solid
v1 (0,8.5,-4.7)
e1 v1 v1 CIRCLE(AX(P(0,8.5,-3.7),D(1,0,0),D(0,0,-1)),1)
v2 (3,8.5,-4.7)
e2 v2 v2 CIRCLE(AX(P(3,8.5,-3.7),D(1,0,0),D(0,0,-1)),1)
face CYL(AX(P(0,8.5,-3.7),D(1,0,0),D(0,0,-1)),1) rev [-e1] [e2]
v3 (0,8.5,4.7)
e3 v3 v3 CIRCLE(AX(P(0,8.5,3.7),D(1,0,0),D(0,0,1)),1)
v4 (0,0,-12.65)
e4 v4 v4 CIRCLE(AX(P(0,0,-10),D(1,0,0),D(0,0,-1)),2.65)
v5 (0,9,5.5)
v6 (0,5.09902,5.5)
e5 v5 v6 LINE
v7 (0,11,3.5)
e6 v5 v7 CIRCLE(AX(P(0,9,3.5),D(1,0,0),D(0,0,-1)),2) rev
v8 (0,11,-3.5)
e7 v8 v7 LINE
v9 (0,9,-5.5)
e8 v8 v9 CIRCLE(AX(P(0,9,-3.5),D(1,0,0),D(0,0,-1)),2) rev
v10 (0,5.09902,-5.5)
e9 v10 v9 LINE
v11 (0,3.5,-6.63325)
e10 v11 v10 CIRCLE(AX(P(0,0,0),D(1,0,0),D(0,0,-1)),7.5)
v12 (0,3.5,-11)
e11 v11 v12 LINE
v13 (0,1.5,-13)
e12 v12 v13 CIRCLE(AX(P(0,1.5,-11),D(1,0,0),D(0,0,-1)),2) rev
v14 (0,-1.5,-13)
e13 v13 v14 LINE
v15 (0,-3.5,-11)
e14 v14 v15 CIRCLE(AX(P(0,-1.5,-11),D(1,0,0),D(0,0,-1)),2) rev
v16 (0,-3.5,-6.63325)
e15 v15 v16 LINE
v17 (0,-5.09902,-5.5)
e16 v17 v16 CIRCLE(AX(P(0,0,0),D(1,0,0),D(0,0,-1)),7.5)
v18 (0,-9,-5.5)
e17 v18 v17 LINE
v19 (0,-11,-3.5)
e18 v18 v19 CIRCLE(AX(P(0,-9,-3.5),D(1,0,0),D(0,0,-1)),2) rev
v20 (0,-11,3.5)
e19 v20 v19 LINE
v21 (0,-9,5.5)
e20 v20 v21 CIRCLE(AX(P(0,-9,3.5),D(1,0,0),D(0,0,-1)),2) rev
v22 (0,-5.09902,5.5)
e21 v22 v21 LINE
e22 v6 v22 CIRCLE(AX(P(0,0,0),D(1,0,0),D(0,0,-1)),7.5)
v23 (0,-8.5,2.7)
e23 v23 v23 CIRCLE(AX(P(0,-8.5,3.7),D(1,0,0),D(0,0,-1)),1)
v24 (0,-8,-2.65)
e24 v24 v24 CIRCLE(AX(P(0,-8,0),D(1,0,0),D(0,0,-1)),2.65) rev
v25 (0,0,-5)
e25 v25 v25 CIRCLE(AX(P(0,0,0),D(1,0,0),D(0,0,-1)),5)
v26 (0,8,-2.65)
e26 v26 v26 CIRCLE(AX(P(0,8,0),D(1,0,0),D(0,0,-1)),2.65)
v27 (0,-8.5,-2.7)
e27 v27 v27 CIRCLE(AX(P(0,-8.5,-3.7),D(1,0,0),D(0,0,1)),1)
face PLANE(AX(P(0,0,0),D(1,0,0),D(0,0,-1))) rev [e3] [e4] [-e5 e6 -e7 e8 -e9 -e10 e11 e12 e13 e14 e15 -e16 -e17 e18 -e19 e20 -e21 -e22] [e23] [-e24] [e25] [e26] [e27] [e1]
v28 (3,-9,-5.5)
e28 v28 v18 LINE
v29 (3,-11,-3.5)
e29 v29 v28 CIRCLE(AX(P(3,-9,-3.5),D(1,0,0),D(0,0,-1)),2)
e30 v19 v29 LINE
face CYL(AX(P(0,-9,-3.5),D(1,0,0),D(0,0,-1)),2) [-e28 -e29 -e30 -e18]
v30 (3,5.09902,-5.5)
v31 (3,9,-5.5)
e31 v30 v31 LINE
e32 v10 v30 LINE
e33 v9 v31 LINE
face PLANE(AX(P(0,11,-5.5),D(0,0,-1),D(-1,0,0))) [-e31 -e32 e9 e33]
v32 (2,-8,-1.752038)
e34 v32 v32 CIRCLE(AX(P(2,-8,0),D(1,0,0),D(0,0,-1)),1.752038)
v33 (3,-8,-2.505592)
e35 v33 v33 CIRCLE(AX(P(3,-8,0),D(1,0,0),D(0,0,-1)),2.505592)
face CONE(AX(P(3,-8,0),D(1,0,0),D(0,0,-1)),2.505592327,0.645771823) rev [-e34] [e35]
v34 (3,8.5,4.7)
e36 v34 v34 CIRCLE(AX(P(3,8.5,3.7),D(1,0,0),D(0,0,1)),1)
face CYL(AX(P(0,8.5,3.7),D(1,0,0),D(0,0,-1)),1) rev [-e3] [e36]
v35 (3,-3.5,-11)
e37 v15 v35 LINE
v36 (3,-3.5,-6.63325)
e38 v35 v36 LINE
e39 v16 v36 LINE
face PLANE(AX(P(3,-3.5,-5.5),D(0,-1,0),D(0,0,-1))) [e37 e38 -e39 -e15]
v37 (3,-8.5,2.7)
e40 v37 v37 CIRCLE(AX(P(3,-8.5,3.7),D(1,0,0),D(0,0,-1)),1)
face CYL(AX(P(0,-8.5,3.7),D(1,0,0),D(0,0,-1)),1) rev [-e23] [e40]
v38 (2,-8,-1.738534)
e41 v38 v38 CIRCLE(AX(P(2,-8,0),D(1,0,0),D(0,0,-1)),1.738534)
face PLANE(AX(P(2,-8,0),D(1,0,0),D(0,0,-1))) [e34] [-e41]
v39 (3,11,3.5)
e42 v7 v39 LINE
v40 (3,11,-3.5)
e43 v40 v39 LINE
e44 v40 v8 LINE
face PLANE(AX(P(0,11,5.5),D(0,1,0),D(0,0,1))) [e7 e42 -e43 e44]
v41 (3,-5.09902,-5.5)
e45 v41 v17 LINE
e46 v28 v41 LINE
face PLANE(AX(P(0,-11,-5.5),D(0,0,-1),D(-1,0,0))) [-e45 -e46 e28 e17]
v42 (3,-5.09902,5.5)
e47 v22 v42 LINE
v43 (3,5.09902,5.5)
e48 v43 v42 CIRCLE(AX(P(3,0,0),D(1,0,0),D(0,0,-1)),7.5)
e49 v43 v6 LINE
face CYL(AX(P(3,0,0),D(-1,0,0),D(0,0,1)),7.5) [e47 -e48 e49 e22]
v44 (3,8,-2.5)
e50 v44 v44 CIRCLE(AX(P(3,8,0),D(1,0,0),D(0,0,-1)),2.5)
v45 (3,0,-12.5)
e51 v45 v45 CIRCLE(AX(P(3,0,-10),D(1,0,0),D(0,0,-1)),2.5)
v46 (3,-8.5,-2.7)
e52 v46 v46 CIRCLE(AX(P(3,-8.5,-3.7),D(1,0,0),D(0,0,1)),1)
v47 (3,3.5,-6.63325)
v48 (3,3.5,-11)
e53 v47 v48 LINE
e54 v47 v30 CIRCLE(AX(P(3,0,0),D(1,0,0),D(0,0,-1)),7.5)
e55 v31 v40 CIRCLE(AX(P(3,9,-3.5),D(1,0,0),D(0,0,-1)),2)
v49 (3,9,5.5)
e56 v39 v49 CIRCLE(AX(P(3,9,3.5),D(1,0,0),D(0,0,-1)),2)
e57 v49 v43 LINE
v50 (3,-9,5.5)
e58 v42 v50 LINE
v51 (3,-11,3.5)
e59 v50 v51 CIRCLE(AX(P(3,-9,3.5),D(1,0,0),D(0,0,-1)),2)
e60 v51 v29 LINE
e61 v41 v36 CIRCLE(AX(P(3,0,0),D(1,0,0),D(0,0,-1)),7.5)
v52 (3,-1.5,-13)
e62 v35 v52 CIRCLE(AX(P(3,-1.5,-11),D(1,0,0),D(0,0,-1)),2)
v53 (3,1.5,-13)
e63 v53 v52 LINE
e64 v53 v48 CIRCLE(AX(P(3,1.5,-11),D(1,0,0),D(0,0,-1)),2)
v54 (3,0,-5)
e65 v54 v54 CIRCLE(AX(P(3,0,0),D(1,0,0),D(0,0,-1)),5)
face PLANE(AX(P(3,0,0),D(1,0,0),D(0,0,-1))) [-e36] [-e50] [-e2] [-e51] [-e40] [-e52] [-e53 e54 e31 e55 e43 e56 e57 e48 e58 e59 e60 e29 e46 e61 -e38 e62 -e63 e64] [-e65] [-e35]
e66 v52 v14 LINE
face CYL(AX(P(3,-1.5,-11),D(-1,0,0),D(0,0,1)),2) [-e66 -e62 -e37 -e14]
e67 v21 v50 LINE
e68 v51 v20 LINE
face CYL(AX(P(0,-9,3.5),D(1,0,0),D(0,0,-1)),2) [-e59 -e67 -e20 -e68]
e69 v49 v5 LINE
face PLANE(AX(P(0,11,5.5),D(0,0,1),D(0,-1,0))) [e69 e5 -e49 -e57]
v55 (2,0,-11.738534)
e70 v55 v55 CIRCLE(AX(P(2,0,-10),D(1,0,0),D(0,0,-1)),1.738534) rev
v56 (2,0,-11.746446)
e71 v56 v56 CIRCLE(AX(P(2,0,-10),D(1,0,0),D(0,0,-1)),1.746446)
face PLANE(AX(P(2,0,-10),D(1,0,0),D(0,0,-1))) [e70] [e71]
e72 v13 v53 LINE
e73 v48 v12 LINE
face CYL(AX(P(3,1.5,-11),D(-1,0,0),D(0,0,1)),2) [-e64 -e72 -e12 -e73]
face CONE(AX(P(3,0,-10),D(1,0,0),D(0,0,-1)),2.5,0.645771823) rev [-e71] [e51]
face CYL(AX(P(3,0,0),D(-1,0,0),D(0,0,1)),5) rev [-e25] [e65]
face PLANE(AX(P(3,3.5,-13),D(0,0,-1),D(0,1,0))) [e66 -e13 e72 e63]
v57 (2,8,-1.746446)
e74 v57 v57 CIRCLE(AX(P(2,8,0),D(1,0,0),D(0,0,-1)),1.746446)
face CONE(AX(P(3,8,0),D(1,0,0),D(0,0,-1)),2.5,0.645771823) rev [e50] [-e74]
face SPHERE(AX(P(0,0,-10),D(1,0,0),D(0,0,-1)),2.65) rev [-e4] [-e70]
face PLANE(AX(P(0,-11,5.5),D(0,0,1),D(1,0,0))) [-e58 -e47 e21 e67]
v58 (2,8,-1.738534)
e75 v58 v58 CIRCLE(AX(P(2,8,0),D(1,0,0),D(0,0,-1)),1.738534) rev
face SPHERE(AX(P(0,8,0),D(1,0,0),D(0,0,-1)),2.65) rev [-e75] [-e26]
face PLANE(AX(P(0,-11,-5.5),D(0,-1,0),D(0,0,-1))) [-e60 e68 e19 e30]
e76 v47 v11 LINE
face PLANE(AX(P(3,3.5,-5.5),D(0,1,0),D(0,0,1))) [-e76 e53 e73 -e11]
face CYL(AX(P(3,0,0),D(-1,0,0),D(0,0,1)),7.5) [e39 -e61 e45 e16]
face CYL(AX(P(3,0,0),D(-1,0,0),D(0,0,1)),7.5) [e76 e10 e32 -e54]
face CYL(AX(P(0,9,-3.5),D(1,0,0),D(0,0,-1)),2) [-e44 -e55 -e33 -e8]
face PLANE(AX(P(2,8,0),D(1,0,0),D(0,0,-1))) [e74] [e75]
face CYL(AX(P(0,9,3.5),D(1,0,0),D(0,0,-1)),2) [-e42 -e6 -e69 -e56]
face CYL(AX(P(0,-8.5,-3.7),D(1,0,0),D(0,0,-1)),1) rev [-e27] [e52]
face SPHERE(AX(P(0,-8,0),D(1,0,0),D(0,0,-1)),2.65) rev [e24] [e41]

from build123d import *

# Parameters (mm, degrees)
SKETCH_1_R                    = 7.5
SKETCH_1_R_2                  = 5
EXTRUDE_1_DEPTH               = 3
SKETCH_2_W                    = 11
SKETCH_2_H                    = 6
EXTRUDE_2_DEPTH               = 3
SKETCH_5_R                    = 2.5
CUT_EXTRUDE_1_DEPTH           = 1
CUT_EXTRUDE_1_DRAFT           = -37
SKETCH_5_R_2                  = 2.505592327
CUT_EXTRUDE_1_PROFILE_2_DEPTH = 1
CUT_EXTRUDE_1_PROFILE_2_DRAFT = -37
FILLET_2_R                    = 2
SKETCH_7_R                    = 1
CUT_EXTRUDE_3_DEPTH           = 14.647344064
SKETCH_8_W                    = 7.5
SKETCH_8_H                    = 7
EXTRUDE_3_DEPTH               = 3
SKETCH_10_R                   = 2.5
CUT_EXTRUDE_4_DEPTH           = 1
CUT_EXTRUDE_4_DRAFT           = -37
FILLET_3_R                    = 2


with BuildPart() as part:
    # 草图1 → 凸台-拉伸1 (new body)
    with BuildSketch(Plane(origin=(0, 0, 0), x_dir=(0, 0, -1), z_dir=(1, 0, 0))):
        Circle(SKETCH_1_R)
        Circle(SKETCH_1_R_2, mode=Mode.SUBTRACT)
    extrude(amount=EXTRUDE_1_DEPTH)

    # 草图2 → 凸台-拉伸2 (add)
    with BuildSketch(Plane(origin=(3, 0, 0), x_dir=(0, 0, -1), z_dir=(1, 0, 0))):
        with Locations((0, 8)):
            Rectangle(SKETCH_2_W, SKETCH_2_H)
        with Locations((0, -8)):
            Rectangle(SKETCH_2_W, SKETCH_2_H)
    extrude(amount=-EXTRUDE_2_DEPTH)

    # 草图3 → 切除-旋转1 (revolve, cut)
    with BuildSketch(Plane.ZY):
        with BuildLine():
            Line((-2.65, 8), (2.65, 8))
            ThreePointArc((2.65, 8), (0, 5.35), (-2.65, 8))
        make_face()
    revolve(axis=Axis((0, 8, -2.65), (0, 0, 1)), mode=Mode.SUBTRACT)

    # 草图4 → 切除-旋转2 (revolve, cut)
    with BuildSketch(Plane.ZY):
        with BuildLine():
            Line((2.65, -8), (-2.65, -8))
            ThreePointArc((-2.65, -8), (0, -10.65), (2.65, -8))
        make_face()
    revolve(axis=Axis((0, -8, 2.65), (0, 0, -1)), mode=Mode.SUBTRACT)


with BuildPart() as cut_extrude_1_tool:
    # 草图5 → 切除-拉伸1 (with draft: the straight prism first)
    with BuildSketch(Plane(origin=(3, 0, 0), x_dir=(0, 0, -1), z_dir=(1, 0, 0))):
        with Locations((0, 8)):
            Circle(SKETCH_5_R)
    extrude(amount=-CUT_EXTRUDE_1_DEPTH)
    # 切除-拉伸1: the draft: its side faces are tilted about the plane it starts from
    cut_extrude_1_sides = [cut_extrude_1_tool.faces().sort_by_distance(p)[0] for p in [
        (2.5, 8, 2.5),
    ]]
    draft(cut_extrude_1_sides, Plane(origin=(3, 0, 0), x_dir=(0, 0, -1), z_dir=(1, 0, 0)), CUT_EXTRUDE_1_DRAFT)


with BuildPart() as part_1:
    add(part.part)

    # 切除-拉伸1: cut by cut_extrude_1_tool
    add(cut_extrude_1_tool.part, mode=Mode.SUBTRACT)


with BuildPart() as cut_extrude_1_profile_2_tool:
    # 草图5 → 切除-拉伸1 profile 2 (with draft: the straight prism first)
    with BuildSketch(Plane(origin=(3, 0, 0), x_dir=(0, 0, -1), z_dir=(1, 0, 0))):
        with Locations((0, -8)):
            Circle(SKETCH_5_R_2)
    extrude(amount=-CUT_EXTRUDE_1_PROFILE_2_DEPTH)
    # 切除-拉伸1 profile 2: the draft: its side faces are tilted about the plane it starts from
    cut_extrude_1_profile_2_sides = [cut_extrude_1_profile_2_tool.faces().sort_by_distance(p)[0] for p in [
        (2.5, -8, 2.505592327),
    ]]
    draft(cut_extrude_1_profile_2_sides, Plane(origin=(3, 0, 0), x_dir=(0, 0, -1), z_dir=(1, 0, 0)), CUT_EXTRUDE_1_PROFILE_2_DRAFT)


with BuildPart() as part_2:
    add(part_1.part)

    # 切除-拉伸1 profile 2: cut by cut_extrude_1_profile_2_tool
    add(cut_extrude_1_profile_2_tool.part, mode=Mode.SUBTRACT)

    # 圆角2
    fillet_2_edges = [part_2.edges().sort_by_distance(p)[0] for p in [
        (1.5, 11, -5.5),
        (1.5, 11, 5.5),
        (1.5, -11, 5.5),
        (1.5, -11, -5.5),
    ]]
    fillet(fillet_2_edges, radius=FILLET_2_R)

    # 草图7 → 切除-拉伸3 (cut, through all)
    with BuildSketch(Plane(origin=(3, 0, 0), x_dir=(0, 0, -1), z_dir=(1, 0, 0))):
        with Locations((-3.7, -8.5)):
            Circle(SKETCH_7_R)
        with Locations(Location((3.7, -8.5, 0), (0, 0, 180))):
            Circle(SKETCH_7_R)
        with Locations((3.7, 8.5)):
            Circle(SKETCH_7_R)
        with Locations(Location((-3.7, 8.5, 0), (0, 0, 180))):
            Circle(SKETCH_7_R)
    extrude(amount=-CUT_EXTRUDE_3_DEPTH, mode=Mode.SUBTRACT)

    # 草图8 → 凸台-拉伸3 (add)
    with BuildSketch(Plane.ZY):
        with Locations((-9.25, 0)):
            Rectangle(SKETCH_8_W, SKETCH_8_H)
    extrude(amount=-EXTRUDE_3_DEPTH)

    # 草图9 → 切除-旋转3 (revolve, cut)
    with BuildSketch(Plane.ZY):
        with BuildLine():
            Line((-7.35, 0), (-12.65, 0))
            ThreePointArc((-12.65, 0), (-10, 2.65), (-7.35, 0))
        make_face()
    revolve(axis=Axis((0, 0, -7.35), (0, 0, -1)), mode=Mode.SUBTRACT)


with BuildPart() as cut_extrude_4_tool:
    # 草图10 → 切除-拉伸4 (with draft: the straight prism first)
    with BuildSketch(Plane(origin=(3, 0, 0), x_dir=(0, 0, -1), z_dir=(1, 0, 0))):
        with Locations((10, 0)):
            Circle(SKETCH_10_R)
    extrude(amount=-CUT_EXTRUDE_4_DEPTH)
    # 切除-拉伸4: the draft: its side faces are tilted about the plane it starts from
    cut_extrude_4_sides = [cut_extrude_4_tool.faces().sort_by_distance(p)[0] for p in [
        (2.5, 0, -7.5),
    ]]
    draft(cut_extrude_4_sides, Plane(origin=(3, 0, 0), x_dir=(0, 0, -1), z_dir=(1, 0, 0)), CUT_EXTRUDE_4_DRAFT)


with BuildPart() as part_3:
    add(part_2.part)

    # 切除-拉伸4: cut by cut_extrude_4_tool
    add(cut_extrude_4_tool.part, mode=Mode.SUBTRACT)

    # 圆角3
    fillet_3_edges = [part_3.edges().sort_by_distance(p)[0] for p in [
        (1.5, 3.5, -13),
        (1.5, -3.5, -13),
    ]]
    fillet(fillet_3_edges, radius=FILLET_3_R)


solid = part_3.part
